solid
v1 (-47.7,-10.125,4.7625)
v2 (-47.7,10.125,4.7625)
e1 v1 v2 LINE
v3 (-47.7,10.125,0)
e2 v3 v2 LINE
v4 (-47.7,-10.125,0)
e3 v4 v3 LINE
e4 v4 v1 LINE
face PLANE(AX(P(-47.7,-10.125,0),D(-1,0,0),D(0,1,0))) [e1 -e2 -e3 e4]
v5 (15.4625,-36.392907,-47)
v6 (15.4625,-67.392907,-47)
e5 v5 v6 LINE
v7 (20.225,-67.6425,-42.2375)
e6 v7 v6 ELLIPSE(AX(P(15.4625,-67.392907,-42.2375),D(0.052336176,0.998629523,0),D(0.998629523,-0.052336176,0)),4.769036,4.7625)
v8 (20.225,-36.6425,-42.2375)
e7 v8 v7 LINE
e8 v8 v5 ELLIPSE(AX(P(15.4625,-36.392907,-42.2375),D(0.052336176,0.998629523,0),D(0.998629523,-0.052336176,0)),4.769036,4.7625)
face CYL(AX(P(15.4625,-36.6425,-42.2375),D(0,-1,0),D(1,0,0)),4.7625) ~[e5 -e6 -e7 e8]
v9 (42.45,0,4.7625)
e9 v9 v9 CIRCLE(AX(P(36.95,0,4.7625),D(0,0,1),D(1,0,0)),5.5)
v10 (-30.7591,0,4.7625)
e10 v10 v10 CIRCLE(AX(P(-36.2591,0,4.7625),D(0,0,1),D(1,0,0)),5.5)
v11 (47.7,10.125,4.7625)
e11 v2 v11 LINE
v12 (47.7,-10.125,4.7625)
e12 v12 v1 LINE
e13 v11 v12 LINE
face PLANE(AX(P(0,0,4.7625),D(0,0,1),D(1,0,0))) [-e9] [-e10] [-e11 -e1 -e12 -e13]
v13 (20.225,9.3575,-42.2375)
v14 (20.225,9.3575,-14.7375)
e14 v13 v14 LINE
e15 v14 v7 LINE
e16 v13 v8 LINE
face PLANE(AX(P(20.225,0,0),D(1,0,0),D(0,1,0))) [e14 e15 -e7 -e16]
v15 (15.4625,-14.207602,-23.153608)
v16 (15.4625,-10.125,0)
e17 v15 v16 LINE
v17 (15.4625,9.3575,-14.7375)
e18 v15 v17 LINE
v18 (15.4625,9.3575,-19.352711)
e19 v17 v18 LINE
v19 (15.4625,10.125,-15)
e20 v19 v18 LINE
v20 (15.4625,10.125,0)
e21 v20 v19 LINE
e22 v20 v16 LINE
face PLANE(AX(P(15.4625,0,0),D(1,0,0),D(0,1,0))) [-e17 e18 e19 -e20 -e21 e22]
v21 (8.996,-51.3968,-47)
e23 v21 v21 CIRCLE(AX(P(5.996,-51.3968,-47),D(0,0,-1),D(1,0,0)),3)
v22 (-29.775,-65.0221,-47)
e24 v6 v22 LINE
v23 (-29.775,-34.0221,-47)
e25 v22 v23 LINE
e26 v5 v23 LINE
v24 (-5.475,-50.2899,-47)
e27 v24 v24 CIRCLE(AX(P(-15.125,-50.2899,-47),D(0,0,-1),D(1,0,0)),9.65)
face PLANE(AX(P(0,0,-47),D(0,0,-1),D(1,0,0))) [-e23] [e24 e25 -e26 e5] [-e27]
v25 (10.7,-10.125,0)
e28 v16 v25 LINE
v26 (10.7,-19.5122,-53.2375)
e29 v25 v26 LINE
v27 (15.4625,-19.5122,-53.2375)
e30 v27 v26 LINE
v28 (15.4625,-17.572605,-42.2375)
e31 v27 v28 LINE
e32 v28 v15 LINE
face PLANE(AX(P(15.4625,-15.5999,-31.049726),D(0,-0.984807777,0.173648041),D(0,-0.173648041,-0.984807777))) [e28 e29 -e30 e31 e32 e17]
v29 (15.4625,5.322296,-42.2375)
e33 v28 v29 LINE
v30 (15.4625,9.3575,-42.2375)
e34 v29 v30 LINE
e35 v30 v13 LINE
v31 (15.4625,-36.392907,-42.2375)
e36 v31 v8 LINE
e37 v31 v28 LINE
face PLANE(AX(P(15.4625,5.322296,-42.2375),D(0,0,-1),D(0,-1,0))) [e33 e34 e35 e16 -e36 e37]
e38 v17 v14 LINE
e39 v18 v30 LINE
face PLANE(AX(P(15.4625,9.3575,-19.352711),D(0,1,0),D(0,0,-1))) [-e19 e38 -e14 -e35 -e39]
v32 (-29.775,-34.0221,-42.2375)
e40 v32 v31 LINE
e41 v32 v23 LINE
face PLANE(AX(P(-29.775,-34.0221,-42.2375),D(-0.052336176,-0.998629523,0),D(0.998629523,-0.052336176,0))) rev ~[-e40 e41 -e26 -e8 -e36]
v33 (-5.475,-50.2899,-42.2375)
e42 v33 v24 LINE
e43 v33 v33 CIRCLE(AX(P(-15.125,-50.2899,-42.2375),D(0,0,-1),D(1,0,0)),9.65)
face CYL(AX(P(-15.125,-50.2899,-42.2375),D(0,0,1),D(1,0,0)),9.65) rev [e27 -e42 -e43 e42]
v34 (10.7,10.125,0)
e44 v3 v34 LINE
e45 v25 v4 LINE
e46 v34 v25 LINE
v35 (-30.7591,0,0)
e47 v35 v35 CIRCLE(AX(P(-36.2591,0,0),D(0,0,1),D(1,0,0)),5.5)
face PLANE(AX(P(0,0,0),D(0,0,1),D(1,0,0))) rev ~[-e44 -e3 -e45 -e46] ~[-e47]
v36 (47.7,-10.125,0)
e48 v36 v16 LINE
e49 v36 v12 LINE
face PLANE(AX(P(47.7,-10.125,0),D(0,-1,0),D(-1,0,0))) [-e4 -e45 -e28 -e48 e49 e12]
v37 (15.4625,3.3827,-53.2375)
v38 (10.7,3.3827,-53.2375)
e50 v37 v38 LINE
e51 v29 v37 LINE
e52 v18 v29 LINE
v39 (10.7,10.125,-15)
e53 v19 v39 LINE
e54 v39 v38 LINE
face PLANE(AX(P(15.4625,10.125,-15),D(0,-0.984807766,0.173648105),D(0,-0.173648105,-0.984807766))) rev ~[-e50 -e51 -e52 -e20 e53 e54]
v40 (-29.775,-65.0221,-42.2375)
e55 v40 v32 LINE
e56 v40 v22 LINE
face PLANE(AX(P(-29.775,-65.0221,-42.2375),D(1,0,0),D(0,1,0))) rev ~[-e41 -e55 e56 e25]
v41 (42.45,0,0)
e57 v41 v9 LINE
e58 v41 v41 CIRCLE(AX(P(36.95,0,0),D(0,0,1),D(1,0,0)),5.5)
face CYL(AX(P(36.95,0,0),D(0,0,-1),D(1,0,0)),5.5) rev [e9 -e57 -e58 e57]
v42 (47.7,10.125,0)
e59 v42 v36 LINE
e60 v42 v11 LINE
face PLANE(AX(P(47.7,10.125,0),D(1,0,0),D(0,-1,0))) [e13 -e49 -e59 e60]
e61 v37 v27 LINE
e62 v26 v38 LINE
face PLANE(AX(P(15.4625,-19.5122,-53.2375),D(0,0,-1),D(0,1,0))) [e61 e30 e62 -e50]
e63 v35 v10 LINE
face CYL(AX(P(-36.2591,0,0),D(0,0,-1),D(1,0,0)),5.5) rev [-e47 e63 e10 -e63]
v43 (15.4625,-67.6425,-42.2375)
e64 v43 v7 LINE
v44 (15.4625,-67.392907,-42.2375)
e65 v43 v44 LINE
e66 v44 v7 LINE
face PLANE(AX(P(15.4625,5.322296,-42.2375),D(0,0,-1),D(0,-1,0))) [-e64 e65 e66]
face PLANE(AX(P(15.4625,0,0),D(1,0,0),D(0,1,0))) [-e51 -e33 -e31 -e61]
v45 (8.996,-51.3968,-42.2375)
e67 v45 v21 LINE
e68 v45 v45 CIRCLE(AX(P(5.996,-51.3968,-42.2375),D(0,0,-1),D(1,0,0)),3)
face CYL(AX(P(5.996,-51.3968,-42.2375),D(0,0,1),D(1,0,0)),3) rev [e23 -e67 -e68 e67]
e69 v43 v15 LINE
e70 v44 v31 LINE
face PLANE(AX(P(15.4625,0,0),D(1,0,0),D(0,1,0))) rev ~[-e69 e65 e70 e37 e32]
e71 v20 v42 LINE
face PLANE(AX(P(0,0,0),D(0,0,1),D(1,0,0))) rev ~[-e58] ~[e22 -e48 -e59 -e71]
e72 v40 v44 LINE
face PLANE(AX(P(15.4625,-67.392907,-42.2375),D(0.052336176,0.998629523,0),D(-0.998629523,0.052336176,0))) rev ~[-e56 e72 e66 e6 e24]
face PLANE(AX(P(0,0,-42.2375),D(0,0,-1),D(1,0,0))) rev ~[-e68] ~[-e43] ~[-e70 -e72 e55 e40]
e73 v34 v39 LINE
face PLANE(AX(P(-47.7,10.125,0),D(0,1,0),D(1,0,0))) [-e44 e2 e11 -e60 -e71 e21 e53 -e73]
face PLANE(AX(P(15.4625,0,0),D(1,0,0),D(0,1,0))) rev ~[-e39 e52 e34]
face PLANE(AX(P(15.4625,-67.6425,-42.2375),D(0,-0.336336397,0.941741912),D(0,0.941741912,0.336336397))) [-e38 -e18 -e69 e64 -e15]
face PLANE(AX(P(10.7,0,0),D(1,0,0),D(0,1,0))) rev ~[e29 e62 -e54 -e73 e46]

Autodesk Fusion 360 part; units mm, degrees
sketch "Sketch4" plane through (0, 0, 0) normal (0, 0, 1) x (1, 0, 0)
  line L0 (-47.7, 10.125) -> (47.7, 10.125)
  line L1 (47.7, 10.125) -> (47.7, -10.125)
  line L2 (47.7, -10.125) -> (-47.7, -10.125)
  line L3 (-47.7, -10.125) -> (-47.7, 10.125)
  line L4 (-47.7, 0) -> (47.7, 0) construction
  circle A0 centre (36.95, 0) radius 5.5
  line L5 (0.3455, 47) -> (0.3455, -29) construction
  circle A1 centre (-36.2591, 0) radius 5.5
  line L6 (42.45, 3.7083) -> (42.45, -3.7083) construction
  point P0 (47.7, 0)
  point P1 (-47.7, 0)
  point P2 (42.45, 0)
  dimension "d16" = 95.4
  dimension "d17" = 20.25
  dimension "d18" = 11
  dimension "d20" = 5.25
extrude "Extrude2" add sketch "Sketch4" along normal blind 4.7625
sketch "Sketch5" plane through (0, 0, 0) normal (0, 0, -1) x (1, 0, 0)
  circle A0 centre (36.95, 0) radius 5.5
  circle A1 centre (-36.2591, 0) radius 5.5
  line L0 (47.7, 10.125) -> (-47.7, 10.125)
  line L1 (-47.7, 10.125) -> (-47.7, -10.125)
  line L2 (-47.7, -10.125) -> (47.7, -10.125)
  line L3 (47.7, -10.125) -> (47.7, 10.125)
  line L4 (10.7, 15.5999) -> (15.4625, 15.5999)
  line L5 (15.4625, 15.5999) -> (15.4625, -14.8215)
  line L6 (10.7, -14.8215) -> (10.7, 15.5999)
  line L7 (10.7, -14.8215) -> (15.4625, -14.8215)
  dimension "d24" = 37
  dimension "d25" = 4.7625
extrude "Extrude3" add sketch "Sketch5" along normal blind 53.2375 contours L0 L2 L5 L6 | L0 L4 L5 L6 | L2 L5 L6 L7
sketch "Sketch6" plane through (15.4625, 0, 0) normal (1, 0, 0) x (0, 1, 0)
  line L0 (-10.125, 0) -> (-15.5999, 0)
  line L1 (-15.5999, 0) -> (-15.5999, -53.2375)
  line L2 (-15.5999, -53.2375) -> (14.8215, -53.2375)
  line L3 (14.8215, -53.2375) -> (14.8215, 0)
  line L4 (14.8215, 0) -> (10.125, 0)
  line L5 (10.125, 0) -> (-10.125, 0)
  line L6 (-10.125, 0) -> (10.125, 0)
  line L7 (10.125, 0) -> (10.125, -15)
  line L8 (-10.125, 0) -> (-19.5122, -53.2375)
  line L9 (10.125, -15) -> (3.3827, -53.2375)
  line L10 (-19.5122, -53.2375) -> (3.3827, -53.2375)
  point P0 (10.125, 0)
  dimension "d30" = 100
extrude "Extrude4" cut sketch "Sketch6" against normal up to surface (4.7625 mm away) contours L0 L1 L8 | L2 L3 L4 L7 L9
extrude "Extrude5" add sketch "Sketch6" against normal up to surface (4.7625 mm away) contours L1 L8 L10
sketch "Sketch7" plane through (15.4625, 0, 0) normal (1, 0, 0) x (0, 1, 0)
  line L0 (3.3827, -53.2375) -> (10.125, -15)
  line L1 (10.125, -15) -> (10.125, 0)
  line L2 (10.125, 0) -> (-10.125, 0)
  line L3 (-10.125, 0) -> (-19.5122, -53.2375)
  line L4 (-19.5122, -53.2375) -> (3.3827, -53.2375)
  line L5 (-67.6425, -42.2375) -> (9.3575, -14.7375)
  line L6 (9.3575, -14.7375) -> (9.3575, -42.2375)
  line L7 (9.3575, -42.2375) -> (-67.6425, -42.2375)
  line L8 (-10.125, 4.7625) -> (10.125, 4.7625)
  dimension "d35" = 77
  dimension "d36" = 27.5
  dimension "d37" = 47
extrude "Extrude6" add sketch "Sketch7" along normal blind 4.7625 contours L0 L3 L5 L6 L7 | L0 L6 L7 | L3 L5 L7
sketch "Sketch8" plane through (0, 0, -42.2375) normal (0, 0, -1) x (1, 0, 0)
  line L0 (15.4625, -5.3223) -> (15.4625, -9.3575)
  line L1 (15.4625, -9.3575) -> (20.225, -9.3575)
  line L2 (20.225, -9.3575) -> (20.225, 67.6425)
  line L3 (20.225, 67.6425) -> (15.4625, 67.6425)
  line L4 (15.4625, 67.6425) -> (15.4625, 17.5726)
  line L5 (15.4625, 17.5726) -> (15.4625, -5.3223)
  line L6 (20.225, 67.6425) -> (-29.775, 65.0221)
  line L7 (-29.775, 65.0221) -> (-29.775, 34.0221)
  line L8 (-29.775, 34.0221) -> (20.225, 36.6425)
  line L9 (20.225, 36.6425) -> (20.225, 67.6425)
  circle A0 centre (-15.125, 50.2899) radius 9.65
  line L10 (-15.125, 40.6399) -> (-15.125, 59.9399) construction
  line L11 (-5.475, 50.2899) -> (-24.775, 50.2899) construction
  line L12 (-24.775, 58.5104) -> (-24.775, 42.0694) construction
  line L13 (-15.1316, 59.9399) -> (-15.1184, 59.9399) construction
  line L14 (-15.1316, 40.6399) -> (-15.1184, 40.6399) construction
  line L15 (-15.9351, 65.7475) -> (-14.3149, 34.8324) construction
  line L16 (15.4625, 51.8929) -> (-29.775, 49.5221) construction
  circle A1 centre (5.996, 51.3968) radius 3
  line L17 (-5.6407, 53.7042) -> (-5.3358, 47.8857) construction
  line L18 (2.8046, 54.9702) -> (3.1956, 47.5094) construction
  point P0 (-15.125, 50.2899)
  point P1 (-5.4882, 50.795)
  point P2 (3.0001, 51.2398)
  dimension "d40" = 3
  dimension "d41" = 50
  dimension "d42" = 31
  dimension "d44" = 19.3
  dimension "d45" = 5
  dimension "d47" = 30.9575
  dimension "d49" = 6
  dimension "d50" = 8.5
extrude "Extrude7" add sketch "Sketch8" along normal blind 4.7625 contours L4 L6 L7 L8 | L2 L4 L6 L8 L9
fillet "Fillet1" radius 4.7625 1 edges at (20.225, -52.1425, -47)
equation "d21 = ( 3 / 16 ) * 1 in"
equation "d25 = ( 3 / 16 ) * 1 in"
equation "d26 = 58 mm - ( ( 3 / 16 ) * 1 in )"
equation "d30 = 90 deg + 10 deg"
equation "d38 = ( 3 / 16 ) * 1 in"
equation "d51 = ( 3 / 16 ) * 1 in"
equation "d54 = ( 3 / 16 ) * 1 in"
